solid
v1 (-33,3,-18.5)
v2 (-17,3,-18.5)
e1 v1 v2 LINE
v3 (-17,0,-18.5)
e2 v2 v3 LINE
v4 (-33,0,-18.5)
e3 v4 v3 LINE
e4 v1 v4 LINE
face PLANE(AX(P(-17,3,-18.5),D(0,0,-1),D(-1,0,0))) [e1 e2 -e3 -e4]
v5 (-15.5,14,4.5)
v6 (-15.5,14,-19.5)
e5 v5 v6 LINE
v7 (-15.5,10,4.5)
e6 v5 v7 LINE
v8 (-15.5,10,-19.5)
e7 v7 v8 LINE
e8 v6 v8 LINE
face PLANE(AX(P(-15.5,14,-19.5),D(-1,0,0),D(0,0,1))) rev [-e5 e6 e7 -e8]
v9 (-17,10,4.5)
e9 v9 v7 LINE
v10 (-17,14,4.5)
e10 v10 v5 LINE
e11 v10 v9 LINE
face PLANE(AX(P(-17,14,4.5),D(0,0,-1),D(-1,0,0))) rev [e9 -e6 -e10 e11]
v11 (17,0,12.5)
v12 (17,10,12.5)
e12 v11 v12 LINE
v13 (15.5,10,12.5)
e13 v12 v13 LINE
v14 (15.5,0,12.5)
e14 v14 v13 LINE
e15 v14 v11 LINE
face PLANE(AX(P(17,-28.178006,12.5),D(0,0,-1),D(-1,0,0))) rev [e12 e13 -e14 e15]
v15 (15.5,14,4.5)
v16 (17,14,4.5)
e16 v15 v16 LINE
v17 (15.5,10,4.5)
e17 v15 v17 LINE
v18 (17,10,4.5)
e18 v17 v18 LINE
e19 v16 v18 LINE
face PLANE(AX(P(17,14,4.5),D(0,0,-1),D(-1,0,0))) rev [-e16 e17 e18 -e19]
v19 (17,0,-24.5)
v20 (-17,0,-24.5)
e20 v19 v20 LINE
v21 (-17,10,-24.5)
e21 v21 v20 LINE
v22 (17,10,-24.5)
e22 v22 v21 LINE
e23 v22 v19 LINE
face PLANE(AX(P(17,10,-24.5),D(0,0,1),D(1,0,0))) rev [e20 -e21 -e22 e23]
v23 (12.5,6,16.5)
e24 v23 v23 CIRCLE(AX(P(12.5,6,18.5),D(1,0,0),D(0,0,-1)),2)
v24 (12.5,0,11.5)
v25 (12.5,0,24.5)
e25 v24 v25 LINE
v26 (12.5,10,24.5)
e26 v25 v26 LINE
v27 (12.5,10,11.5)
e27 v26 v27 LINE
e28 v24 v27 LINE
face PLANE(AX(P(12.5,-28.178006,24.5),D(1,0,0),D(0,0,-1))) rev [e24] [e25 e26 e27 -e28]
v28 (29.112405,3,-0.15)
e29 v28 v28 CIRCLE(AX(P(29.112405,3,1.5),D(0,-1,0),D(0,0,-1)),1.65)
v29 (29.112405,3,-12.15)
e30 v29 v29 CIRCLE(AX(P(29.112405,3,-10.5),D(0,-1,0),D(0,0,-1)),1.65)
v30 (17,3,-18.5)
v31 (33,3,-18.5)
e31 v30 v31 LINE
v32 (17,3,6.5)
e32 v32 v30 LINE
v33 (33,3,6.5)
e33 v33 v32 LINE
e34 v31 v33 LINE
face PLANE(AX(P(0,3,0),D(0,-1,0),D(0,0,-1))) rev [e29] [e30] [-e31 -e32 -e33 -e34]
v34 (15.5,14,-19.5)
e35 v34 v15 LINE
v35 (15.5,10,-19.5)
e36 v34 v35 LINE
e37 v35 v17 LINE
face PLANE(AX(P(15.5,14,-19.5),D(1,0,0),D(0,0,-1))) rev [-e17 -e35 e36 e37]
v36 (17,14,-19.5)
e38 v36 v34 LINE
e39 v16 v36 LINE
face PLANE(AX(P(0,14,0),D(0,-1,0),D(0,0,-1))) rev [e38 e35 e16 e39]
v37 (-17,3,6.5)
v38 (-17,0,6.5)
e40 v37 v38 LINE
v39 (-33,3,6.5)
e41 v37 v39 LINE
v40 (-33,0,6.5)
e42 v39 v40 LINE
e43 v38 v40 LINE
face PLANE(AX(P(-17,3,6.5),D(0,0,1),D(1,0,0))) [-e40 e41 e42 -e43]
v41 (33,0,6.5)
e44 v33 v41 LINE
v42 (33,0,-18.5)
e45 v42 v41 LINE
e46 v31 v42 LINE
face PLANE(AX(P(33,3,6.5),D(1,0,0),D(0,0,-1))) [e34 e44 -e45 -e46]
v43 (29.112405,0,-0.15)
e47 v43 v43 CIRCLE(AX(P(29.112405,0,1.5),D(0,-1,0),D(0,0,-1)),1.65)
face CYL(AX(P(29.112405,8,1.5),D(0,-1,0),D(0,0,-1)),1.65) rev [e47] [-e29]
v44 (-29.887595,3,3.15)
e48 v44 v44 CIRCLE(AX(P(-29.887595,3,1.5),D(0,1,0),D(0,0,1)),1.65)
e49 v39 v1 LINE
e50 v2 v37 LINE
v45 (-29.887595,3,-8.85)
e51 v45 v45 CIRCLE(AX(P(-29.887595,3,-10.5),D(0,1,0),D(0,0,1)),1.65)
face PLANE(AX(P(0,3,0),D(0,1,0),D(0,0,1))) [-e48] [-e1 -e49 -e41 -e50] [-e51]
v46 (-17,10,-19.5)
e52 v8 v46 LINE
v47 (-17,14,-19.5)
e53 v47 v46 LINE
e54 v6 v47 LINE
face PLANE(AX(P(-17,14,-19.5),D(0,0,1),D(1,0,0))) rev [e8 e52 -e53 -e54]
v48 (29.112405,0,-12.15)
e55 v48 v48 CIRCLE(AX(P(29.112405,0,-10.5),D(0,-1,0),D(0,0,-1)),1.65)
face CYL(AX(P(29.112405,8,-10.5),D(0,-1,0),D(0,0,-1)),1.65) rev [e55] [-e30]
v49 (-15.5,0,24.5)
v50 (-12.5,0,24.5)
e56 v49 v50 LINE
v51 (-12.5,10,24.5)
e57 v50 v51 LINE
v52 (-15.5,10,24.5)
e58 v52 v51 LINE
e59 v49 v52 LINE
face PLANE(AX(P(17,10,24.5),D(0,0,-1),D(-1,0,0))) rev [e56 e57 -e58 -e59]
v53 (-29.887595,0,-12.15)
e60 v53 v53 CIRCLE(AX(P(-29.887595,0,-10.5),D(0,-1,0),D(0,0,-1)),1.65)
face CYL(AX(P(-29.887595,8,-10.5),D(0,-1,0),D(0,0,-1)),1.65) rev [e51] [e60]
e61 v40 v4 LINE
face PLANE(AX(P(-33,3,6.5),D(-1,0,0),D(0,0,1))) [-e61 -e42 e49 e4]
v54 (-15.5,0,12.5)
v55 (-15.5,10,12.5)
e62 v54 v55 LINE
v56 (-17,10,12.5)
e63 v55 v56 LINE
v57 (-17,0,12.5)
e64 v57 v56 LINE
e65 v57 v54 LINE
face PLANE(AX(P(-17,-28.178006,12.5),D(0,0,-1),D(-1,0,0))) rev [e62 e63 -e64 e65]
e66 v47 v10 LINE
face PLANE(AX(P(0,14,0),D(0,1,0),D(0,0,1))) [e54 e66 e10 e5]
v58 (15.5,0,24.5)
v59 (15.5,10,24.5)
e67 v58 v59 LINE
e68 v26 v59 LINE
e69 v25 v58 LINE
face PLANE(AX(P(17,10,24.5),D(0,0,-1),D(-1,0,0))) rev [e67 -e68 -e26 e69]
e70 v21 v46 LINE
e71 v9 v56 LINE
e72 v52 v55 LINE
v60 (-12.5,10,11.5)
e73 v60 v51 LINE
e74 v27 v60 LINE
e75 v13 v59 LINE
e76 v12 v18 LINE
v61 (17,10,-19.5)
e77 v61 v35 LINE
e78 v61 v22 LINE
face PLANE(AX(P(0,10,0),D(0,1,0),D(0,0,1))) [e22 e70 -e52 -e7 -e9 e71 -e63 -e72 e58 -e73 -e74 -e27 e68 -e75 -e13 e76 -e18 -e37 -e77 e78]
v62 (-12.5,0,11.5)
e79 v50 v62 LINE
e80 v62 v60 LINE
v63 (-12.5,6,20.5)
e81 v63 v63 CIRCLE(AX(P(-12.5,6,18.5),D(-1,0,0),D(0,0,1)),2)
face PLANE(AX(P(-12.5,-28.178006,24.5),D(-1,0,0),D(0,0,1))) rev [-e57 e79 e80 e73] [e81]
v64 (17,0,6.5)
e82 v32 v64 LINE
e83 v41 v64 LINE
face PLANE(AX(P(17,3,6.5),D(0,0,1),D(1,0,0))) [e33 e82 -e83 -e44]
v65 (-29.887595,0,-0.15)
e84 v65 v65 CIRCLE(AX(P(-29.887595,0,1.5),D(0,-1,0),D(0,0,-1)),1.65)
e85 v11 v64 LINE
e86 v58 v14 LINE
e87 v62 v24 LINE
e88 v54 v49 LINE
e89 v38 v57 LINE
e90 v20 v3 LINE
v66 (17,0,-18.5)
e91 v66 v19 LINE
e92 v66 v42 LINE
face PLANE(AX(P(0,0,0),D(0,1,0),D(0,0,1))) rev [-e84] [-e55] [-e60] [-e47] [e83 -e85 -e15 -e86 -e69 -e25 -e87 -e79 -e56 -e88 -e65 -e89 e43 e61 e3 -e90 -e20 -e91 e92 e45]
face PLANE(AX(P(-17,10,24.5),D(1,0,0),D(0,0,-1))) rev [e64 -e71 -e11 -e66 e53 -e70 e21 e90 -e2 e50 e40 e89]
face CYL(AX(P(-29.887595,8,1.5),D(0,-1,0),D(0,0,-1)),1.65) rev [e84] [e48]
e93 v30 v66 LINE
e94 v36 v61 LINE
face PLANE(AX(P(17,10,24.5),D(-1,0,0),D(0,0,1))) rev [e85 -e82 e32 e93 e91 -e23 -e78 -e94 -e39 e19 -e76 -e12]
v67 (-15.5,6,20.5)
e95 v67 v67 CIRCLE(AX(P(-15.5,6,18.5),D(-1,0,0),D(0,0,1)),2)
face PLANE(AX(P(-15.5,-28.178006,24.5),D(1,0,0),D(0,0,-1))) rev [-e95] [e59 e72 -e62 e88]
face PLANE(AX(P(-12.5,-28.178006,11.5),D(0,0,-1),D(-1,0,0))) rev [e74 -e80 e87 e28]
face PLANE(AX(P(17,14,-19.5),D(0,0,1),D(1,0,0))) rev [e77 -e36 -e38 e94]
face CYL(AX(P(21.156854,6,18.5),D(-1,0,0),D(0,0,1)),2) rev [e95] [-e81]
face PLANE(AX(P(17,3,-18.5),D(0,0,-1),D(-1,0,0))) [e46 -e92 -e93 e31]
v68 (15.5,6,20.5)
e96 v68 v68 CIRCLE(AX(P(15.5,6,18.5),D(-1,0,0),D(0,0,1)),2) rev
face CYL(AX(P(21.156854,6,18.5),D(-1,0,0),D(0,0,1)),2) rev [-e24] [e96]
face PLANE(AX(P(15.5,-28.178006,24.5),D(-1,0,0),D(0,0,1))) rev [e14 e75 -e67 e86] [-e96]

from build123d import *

# Parameters (mm, degrees)
SKETCH_1_W          = 34
SKETCH_1_H          = 49
EXTRUDE_1_DEPTH     = 10
SKETCH_2_W          = 1.5
SKETCH_2_H          = 24
EXTRUDE_2_DEPTH     = 4
SKETCH_3_W          = 1.5
SKETCH_3_H          = 12
SKETCH_3_W_2        = 25
SKETCH_3_H_2        = 13
CUT_EXTRUDE_1_DEPTH = 10
SKETCH_4_R          = 2
CUT_EXTRUDE_2_DEPTH = 31
EXTRUDE_3_DEPTH     = 8
CUT_EXTRUDE_4_DEPTH = 10
SKETCH_6_W          = 16
SKETCH_6_H          = 25
EXTRUDE_4_DEPTH     = 3
SKETCH_7_R          = 1.65
CUT_EXTRUDE_5_DEPTH = 8


with BuildPart() as part:
    # 草图1 → 凸台-拉伸1 (new body)
    with BuildSketch(Plane(origin=(0, 0, 0), x_dir=(1, 0, 0), z_dir=(0, 1, 0))):
        Rectangle(SKETCH_1_W, SKETCH_1_H)
    extrude(amount=EXTRUDE_1_DEPTH)

    # 草图2 → 凸台-拉伸2 (add)
    with BuildSketch(Plane(origin=(0, 10, 0), x_dir=(1, 0, 0), z_dir=(0, 1, 0))):
        with Locations((-16.25, 7.5)):
            Rectangle(SKETCH_2_W, SKETCH_2_H)
        with Locations((16.25, 7.5)):
            Rectangle(SKETCH_2_W, SKETCH_2_H)
    extrude(amount=EXTRUDE_2_DEPTH)

    # 草图3 → 切除-拉伸1 (cut)
    with BuildSketch(Plane(origin=(0, 10, 0), x_dir=(1, 0, 0), z_dir=(0, 1, 0))):
        with Locations((-16.25, -18.5)):
            Rectangle(SKETCH_3_W, SKETCH_3_H)
        with Locations((16.25, -18.5)):
            Rectangle(SKETCH_3_W, SKETCH_3_H)
        with Locations((0, -18)):
            Rectangle(SKETCH_3_W_2, SKETCH_3_H_2)
    extrude(amount=-CUT_EXTRUDE_1_DEPTH, mode=Mode.SUBTRACT)

    # 草图4 → 切除-拉伸2 (cut)
    with BuildSketch(Plane.ZY.offset(15.5)):
        with Locations((18.5, 6)):
            Circle(SKETCH_4_R)
    extrude(amount=-CUT_EXTRUDE_2_DEPTH, mode=Mode.SUBTRACT)

    # 草图5 → 凸台-拉伸3 (add)
    with BuildSketch(Plane.XZ):
        Polygon((4, 11.5), (-4, 11.5), (-4, 41.5), (-13, 41.5), (-13, 56.5), (13, 56.5), (13, 41.5), (4, 41.5), align=None)
    extrude(amount=-EXTRUDE_3_DEPTH)

    # 草图5<2> → 切除-拉伸4 (cut)
    with BuildSketch(Plane.XZ):
        Polygon((4, 11.5), (-4, 11.5), (-4, 41.5), (-13, 41.5), (-13, 56.5), (13, 56.5), (13, 41.5), (4, 41.5), align=None)
    extrude(amount=-CUT_EXTRUDE_4_DEPTH, mode=Mode.SUBTRACT)

    # 草图6 → 凸台-拉伸4 (add)
    with BuildSketch(Plane.XZ):
        with Locations((25, -6)):
            Rectangle(SKETCH_6_W, SKETCH_6_H)
        with Locations((-25, -6)):
            Rectangle(SKETCH_6_W, SKETCH_6_H)
    extrude(amount=-EXTRUDE_4_DEPTH)

    # 草图7 → 切除-拉伸5 (cut)
    with BuildSketch(Plane.XZ):
        with Locations((29.112405101, 1.5)):
            Circle(SKETCH_7_R)
        with Locations((29.112405101, -10.5)):
            Circle(SKETCH_7_R)
        with Locations((-29.887594899, 1.5)):
            Circle(SKETCH_7_R)
        with Locations((-29.887594899, -10.5)):
            Circle(SKETCH_7_R)
    extrude(amount=-CUT_EXTRUDE_5_DEPTH, mode=Mode.SUBTRACT)


solid = part.part
